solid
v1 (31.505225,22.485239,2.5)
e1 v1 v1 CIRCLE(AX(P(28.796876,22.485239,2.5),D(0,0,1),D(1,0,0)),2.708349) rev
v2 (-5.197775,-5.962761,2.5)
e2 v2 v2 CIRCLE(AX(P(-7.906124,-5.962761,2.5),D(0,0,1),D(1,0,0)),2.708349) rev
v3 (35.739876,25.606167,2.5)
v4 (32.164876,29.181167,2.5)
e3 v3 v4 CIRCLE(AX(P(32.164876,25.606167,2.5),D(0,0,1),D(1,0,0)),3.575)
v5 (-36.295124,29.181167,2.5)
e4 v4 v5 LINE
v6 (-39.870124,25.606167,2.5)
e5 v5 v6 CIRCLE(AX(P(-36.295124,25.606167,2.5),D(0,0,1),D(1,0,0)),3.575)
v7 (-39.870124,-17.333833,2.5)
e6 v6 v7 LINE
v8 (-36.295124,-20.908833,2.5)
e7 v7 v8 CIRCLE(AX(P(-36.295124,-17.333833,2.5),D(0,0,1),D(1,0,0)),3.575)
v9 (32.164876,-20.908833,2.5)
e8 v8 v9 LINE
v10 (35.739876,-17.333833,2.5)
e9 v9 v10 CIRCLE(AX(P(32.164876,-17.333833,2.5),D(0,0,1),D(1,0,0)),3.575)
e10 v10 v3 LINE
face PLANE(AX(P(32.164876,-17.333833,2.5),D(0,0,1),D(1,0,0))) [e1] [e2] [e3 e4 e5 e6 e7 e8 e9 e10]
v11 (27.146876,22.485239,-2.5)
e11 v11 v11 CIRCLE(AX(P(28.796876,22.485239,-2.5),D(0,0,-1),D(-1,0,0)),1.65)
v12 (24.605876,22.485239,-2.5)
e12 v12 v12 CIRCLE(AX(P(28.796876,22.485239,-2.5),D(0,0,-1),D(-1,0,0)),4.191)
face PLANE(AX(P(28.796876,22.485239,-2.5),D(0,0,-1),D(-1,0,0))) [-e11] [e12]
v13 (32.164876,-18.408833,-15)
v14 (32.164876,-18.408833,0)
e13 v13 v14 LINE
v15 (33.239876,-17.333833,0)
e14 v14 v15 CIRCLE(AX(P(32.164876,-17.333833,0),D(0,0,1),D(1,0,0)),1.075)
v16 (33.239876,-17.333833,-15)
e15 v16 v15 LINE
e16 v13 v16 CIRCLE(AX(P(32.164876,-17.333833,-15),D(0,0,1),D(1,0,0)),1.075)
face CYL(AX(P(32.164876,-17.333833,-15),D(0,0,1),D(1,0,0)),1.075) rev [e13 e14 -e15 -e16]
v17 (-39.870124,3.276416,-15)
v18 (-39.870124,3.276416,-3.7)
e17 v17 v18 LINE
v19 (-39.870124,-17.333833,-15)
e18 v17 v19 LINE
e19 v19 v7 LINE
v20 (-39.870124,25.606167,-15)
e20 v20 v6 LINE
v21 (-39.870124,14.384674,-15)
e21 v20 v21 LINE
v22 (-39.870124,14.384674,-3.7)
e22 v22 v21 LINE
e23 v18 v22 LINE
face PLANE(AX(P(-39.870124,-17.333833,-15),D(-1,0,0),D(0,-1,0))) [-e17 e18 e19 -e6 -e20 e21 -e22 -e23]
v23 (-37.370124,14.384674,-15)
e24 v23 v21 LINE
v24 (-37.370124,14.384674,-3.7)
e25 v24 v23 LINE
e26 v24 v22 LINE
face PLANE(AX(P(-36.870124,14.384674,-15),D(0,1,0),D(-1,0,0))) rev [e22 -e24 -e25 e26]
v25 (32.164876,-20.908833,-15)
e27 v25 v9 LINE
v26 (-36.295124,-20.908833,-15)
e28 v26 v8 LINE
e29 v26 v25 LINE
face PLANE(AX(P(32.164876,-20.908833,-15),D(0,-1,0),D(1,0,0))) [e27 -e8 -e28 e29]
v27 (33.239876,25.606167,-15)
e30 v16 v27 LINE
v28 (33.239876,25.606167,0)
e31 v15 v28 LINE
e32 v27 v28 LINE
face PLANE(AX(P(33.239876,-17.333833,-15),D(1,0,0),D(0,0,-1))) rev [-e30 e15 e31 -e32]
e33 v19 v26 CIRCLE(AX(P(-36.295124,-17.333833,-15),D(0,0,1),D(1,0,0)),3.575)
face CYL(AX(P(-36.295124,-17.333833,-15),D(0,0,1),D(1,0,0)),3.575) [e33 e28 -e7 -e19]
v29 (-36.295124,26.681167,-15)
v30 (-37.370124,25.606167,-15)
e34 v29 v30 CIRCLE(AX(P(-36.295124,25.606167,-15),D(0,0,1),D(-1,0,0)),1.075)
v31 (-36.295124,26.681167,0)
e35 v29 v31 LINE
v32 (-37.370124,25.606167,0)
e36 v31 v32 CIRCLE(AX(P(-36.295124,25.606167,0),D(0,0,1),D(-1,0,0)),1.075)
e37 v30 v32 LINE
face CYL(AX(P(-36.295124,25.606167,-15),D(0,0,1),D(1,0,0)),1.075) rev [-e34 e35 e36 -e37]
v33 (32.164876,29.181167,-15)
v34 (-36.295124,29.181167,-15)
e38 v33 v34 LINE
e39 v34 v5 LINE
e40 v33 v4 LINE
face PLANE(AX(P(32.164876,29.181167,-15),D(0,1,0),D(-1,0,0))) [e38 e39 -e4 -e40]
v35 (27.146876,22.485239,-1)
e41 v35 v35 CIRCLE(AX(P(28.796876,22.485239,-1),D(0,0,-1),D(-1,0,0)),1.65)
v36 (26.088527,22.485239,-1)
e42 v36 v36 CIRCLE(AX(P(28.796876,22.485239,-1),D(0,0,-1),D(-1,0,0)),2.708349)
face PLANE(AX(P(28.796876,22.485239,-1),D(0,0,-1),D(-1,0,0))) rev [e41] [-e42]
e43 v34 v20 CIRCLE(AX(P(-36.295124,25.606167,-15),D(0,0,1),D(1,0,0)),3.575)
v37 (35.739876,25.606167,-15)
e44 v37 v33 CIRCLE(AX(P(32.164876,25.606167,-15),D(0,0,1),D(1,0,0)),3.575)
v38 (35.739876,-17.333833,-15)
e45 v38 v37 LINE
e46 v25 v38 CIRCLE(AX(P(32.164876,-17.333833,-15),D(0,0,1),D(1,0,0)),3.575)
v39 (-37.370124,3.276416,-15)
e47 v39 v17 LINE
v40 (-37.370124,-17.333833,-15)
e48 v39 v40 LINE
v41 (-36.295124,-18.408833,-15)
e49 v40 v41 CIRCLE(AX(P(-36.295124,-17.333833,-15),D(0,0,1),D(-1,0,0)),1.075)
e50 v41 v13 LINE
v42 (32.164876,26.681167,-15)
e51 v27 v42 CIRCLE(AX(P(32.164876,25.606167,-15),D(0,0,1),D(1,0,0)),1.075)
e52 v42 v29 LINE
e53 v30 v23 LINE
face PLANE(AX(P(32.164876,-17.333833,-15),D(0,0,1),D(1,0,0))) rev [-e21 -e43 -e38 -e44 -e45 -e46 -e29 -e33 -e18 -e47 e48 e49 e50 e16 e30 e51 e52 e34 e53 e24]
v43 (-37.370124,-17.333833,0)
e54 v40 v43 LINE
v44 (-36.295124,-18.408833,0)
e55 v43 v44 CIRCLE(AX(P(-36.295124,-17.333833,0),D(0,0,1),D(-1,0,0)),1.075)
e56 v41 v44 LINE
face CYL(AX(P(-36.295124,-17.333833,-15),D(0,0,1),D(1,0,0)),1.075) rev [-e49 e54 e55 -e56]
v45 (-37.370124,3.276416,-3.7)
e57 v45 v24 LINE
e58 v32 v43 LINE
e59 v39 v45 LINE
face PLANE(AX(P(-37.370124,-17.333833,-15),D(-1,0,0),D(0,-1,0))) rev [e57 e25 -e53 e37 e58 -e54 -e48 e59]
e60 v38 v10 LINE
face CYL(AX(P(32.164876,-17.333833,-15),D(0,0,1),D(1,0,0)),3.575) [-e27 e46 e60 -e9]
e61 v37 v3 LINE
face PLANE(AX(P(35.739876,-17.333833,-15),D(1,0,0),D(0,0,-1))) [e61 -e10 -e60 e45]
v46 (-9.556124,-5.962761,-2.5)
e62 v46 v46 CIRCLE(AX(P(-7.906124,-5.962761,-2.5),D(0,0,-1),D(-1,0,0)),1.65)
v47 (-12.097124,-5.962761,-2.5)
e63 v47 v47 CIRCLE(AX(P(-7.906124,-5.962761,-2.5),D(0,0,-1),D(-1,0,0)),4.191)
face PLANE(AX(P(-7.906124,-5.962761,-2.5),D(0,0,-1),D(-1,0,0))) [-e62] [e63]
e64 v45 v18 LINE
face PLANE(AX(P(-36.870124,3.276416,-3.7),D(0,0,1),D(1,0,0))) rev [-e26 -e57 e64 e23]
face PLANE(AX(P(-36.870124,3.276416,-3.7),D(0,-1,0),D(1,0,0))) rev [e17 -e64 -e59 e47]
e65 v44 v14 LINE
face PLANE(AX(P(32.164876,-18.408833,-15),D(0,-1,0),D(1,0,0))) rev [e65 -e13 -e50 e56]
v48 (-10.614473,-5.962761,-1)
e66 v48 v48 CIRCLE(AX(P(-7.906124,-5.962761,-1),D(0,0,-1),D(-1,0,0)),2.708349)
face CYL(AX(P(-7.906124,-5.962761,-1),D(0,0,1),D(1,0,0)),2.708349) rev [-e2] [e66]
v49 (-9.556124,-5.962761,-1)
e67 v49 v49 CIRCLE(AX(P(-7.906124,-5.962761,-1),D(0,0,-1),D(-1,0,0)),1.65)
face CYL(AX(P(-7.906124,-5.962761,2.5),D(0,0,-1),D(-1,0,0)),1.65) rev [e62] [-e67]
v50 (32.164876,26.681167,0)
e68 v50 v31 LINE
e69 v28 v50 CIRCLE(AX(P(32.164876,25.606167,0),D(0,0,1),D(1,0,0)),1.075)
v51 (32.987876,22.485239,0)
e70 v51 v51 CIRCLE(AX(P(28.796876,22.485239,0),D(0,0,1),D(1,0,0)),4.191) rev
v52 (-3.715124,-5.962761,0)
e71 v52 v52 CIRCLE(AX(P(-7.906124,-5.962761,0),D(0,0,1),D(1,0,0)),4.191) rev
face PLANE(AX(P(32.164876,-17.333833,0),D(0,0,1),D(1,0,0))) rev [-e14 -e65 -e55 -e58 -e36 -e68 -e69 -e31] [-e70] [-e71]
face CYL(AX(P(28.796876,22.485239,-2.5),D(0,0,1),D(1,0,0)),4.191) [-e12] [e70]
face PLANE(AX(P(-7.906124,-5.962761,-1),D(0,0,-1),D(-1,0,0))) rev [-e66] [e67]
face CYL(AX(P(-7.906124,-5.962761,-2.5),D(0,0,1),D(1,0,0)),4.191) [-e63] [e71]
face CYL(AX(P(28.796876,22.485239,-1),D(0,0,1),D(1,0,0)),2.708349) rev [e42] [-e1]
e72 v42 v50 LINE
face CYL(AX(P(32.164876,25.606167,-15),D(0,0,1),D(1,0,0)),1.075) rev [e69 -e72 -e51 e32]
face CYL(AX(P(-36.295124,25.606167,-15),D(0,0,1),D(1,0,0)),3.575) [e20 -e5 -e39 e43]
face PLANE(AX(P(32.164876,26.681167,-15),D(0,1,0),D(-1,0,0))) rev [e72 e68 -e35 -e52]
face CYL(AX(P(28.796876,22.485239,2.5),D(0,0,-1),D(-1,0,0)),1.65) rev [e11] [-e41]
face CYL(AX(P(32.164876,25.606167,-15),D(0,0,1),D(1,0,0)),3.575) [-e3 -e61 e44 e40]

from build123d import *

# Parameters (mm, degrees)
EXTRUDE_1_DEPTH                 = 15
SHELL_1_T                       = 2.5
SKETCH_5_R                      = 4.191
EXTRUDE_2_DEPTH                 = 2.5
CUT_EXTRUDE_1_REACH             = 53.635
SKETCH_6_R                      = 2.7083489
CUT_EXTRUDE_1_DIRECTION_2_DEPTH = 1
CUT_EXTRUDE_2_DEPTH             = 52.634942496
CUT_EXTRUDE_2_DEPTH_BACK        = 52.634942496
SKETCH_7_R                      = 1.65
SKETCH_8_W                      = 11.3
SKETCH_8_H                      = 11.108258221
CUT_EXTRUDE_3_DEPTH             = 3


with BuildPart() as part:
    # 草图4 → 凸台-拉伸1 (new body)
    with BuildSketch(Plane.XY):
        with BuildLine():
            Line((32.164875784, -18.408833444), (-36.295124216, -18.408833444))
            ThreePointArc((-36.295124216, -18.408833444), (-37.055264006, -18.093973234), (-37.370124216, -17.333833444))
            Line((-37.370124216, -17.333833444), (-37.370124216, 25.606166556))
            ThreePointArc((-37.370124216, 25.606166556), (-37.055264006, 26.366306345), (-36.295124216, 26.681166556))
            Line((-36.295124216, 26.681166556), (32.164875784, 26.681166556))
            ThreePointArc((32.164875784, 26.681166556), (32.925015574, 26.366306345), (33.239875784, 25.606166556))
            Line((33.239875784, 25.606166556), (33.239875784, -17.333833444))
            ThreePointArc((33.239875784, -17.333833444), (32.925015574, -18.093973234), (32.164875784, -18.408833444))
        make_face()
    extrude(amount=-EXTRUDE_1_DEPTH)

    # 抽壳1
    shell_1_openings = [part.faces().sort_by_distance(p)[0] for p in [
        (-2.065124216, 4.136166556, -15),
    ]]
    offset(amount=SHELL_1_T, openings=shell_1_openings, kind=Kind.INTERSECTION)

    # 草图5 → 凸台-拉伸2 (add)
    with BuildSketch(Plane(origin=(0, 0, 0), x_dir=(-1, 0, 0), z_dir=(0, 0, -1))):
        with Locations(Location((-28.796875784, 22.485238556, 0), (0, 0, 180))):
            Circle(SKETCH_5_R)
        with Locations(Location((7.906124216, -5.962761444, 0), (0, 0, 180))):
            Circle(SKETCH_5_R)
    extrude(amount=EXTRUDE_2_DEPTH)

    # 草图6 → 切除-拉伸1 (cut, up to next)
    with BuildSketch(Plane(origin=(0, 0, 0), x_dir=(-1, 0, 0), z_dir=(0, 0, -1)), mode=Mode.PRIVATE) as cut_extrude_1_sk1:
        with Locations(Location((7.906124216, -5.962761444, 0), (0, 0, 180))):
            Circle(SKETCH_6_R)
    cut_extrude_1_tool1 = extrude(cut_extrude_1_sk1.sketch, amount=-CUT_EXTRUDE_1_REACH, mode=Mode.PRIVATE) & part.part
    # 草图6 → 切除-拉伸1 (cut, up to next)
    with BuildSketch(Plane(origin=(0, 0, 0), x_dir=(-1, 0, 0), z_dir=(0, 0, -1)), mode=Mode.PRIVATE) as cut_extrude_1_sk2:
        with Locations(Location((-28.796875784, 22.485238556, 0), (0, 0, 180))):
            Circle(SKETCH_6_R)
    cut_extrude_1_tool2 = extrude(cut_extrude_1_sk2.sketch, amount=-CUT_EXTRUDE_1_REACH, mode=Mode.PRIVATE) & part.part
    add(cut_extrude_1_tool1.solids().sort_by_distance((-7.906124, -5.962761, 0))[0], mode=Mode.SUBTRACT)
    add(cut_extrude_1_tool2.solids().sort_by_distance((28.796876, 22.485239, 0))[0], mode=Mode.SUBTRACT)

    # 草图6 → 切除-拉伸1 direction 2 (cut)
    with BuildSketch(Plane(origin=(0, 0, 0), x_dir=(-1, 0, 0), z_dir=(0, 0, -1))):
        with Locations(Location((7.906124216, -5.962761444, 0), (0, 0, 180))):
            Circle(SKETCH_6_R)
        with Locations(Location((-28.796875784, 22.485238556, 0), (0, 0, 180))):
            Circle(SKETCH_6_R)
    extrude(amount=CUT_EXTRUDE_1_DIRECTION_2_DEPTH, mode=Mode.SUBTRACT)

    # 草图7 → 切除-拉伸2 (cut, two sides: drawn at the far end of the back side and taken through both)
    with BuildSketch(Plane(origin=(0, 0, 0), x_dir=(-1, 0, 0), z_dir=(0, 0, -1)).offset(-CUT_EXTRUDE_2_DEPTH_BACK)):
        with Locations((7.906124216, -5.962761444)):
            Circle(SKETCH_7_R)
        with Locations((-28.796875784, 22.485238556)):
            Circle(SKETCH_7_R)
    extrude(amount=CUT_EXTRUDE_2_DEPTH + CUT_EXTRUDE_2_DEPTH_BACK, mode=Mode.SUBTRACT)

    # 草图8 → 切除-拉伸3 (cut)
    with BuildSketch(Plane.ZY.offset(39.870124216)):
        with Locations((-9.35, 8.830545142)):
            Rectangle(SKETCH_8_W, SKETCH_8_H)
    extrude(amount=-CUT_EXTRUDE_3_DEPTH, mode=Mode.SUBTRACT)


solid = part.part
